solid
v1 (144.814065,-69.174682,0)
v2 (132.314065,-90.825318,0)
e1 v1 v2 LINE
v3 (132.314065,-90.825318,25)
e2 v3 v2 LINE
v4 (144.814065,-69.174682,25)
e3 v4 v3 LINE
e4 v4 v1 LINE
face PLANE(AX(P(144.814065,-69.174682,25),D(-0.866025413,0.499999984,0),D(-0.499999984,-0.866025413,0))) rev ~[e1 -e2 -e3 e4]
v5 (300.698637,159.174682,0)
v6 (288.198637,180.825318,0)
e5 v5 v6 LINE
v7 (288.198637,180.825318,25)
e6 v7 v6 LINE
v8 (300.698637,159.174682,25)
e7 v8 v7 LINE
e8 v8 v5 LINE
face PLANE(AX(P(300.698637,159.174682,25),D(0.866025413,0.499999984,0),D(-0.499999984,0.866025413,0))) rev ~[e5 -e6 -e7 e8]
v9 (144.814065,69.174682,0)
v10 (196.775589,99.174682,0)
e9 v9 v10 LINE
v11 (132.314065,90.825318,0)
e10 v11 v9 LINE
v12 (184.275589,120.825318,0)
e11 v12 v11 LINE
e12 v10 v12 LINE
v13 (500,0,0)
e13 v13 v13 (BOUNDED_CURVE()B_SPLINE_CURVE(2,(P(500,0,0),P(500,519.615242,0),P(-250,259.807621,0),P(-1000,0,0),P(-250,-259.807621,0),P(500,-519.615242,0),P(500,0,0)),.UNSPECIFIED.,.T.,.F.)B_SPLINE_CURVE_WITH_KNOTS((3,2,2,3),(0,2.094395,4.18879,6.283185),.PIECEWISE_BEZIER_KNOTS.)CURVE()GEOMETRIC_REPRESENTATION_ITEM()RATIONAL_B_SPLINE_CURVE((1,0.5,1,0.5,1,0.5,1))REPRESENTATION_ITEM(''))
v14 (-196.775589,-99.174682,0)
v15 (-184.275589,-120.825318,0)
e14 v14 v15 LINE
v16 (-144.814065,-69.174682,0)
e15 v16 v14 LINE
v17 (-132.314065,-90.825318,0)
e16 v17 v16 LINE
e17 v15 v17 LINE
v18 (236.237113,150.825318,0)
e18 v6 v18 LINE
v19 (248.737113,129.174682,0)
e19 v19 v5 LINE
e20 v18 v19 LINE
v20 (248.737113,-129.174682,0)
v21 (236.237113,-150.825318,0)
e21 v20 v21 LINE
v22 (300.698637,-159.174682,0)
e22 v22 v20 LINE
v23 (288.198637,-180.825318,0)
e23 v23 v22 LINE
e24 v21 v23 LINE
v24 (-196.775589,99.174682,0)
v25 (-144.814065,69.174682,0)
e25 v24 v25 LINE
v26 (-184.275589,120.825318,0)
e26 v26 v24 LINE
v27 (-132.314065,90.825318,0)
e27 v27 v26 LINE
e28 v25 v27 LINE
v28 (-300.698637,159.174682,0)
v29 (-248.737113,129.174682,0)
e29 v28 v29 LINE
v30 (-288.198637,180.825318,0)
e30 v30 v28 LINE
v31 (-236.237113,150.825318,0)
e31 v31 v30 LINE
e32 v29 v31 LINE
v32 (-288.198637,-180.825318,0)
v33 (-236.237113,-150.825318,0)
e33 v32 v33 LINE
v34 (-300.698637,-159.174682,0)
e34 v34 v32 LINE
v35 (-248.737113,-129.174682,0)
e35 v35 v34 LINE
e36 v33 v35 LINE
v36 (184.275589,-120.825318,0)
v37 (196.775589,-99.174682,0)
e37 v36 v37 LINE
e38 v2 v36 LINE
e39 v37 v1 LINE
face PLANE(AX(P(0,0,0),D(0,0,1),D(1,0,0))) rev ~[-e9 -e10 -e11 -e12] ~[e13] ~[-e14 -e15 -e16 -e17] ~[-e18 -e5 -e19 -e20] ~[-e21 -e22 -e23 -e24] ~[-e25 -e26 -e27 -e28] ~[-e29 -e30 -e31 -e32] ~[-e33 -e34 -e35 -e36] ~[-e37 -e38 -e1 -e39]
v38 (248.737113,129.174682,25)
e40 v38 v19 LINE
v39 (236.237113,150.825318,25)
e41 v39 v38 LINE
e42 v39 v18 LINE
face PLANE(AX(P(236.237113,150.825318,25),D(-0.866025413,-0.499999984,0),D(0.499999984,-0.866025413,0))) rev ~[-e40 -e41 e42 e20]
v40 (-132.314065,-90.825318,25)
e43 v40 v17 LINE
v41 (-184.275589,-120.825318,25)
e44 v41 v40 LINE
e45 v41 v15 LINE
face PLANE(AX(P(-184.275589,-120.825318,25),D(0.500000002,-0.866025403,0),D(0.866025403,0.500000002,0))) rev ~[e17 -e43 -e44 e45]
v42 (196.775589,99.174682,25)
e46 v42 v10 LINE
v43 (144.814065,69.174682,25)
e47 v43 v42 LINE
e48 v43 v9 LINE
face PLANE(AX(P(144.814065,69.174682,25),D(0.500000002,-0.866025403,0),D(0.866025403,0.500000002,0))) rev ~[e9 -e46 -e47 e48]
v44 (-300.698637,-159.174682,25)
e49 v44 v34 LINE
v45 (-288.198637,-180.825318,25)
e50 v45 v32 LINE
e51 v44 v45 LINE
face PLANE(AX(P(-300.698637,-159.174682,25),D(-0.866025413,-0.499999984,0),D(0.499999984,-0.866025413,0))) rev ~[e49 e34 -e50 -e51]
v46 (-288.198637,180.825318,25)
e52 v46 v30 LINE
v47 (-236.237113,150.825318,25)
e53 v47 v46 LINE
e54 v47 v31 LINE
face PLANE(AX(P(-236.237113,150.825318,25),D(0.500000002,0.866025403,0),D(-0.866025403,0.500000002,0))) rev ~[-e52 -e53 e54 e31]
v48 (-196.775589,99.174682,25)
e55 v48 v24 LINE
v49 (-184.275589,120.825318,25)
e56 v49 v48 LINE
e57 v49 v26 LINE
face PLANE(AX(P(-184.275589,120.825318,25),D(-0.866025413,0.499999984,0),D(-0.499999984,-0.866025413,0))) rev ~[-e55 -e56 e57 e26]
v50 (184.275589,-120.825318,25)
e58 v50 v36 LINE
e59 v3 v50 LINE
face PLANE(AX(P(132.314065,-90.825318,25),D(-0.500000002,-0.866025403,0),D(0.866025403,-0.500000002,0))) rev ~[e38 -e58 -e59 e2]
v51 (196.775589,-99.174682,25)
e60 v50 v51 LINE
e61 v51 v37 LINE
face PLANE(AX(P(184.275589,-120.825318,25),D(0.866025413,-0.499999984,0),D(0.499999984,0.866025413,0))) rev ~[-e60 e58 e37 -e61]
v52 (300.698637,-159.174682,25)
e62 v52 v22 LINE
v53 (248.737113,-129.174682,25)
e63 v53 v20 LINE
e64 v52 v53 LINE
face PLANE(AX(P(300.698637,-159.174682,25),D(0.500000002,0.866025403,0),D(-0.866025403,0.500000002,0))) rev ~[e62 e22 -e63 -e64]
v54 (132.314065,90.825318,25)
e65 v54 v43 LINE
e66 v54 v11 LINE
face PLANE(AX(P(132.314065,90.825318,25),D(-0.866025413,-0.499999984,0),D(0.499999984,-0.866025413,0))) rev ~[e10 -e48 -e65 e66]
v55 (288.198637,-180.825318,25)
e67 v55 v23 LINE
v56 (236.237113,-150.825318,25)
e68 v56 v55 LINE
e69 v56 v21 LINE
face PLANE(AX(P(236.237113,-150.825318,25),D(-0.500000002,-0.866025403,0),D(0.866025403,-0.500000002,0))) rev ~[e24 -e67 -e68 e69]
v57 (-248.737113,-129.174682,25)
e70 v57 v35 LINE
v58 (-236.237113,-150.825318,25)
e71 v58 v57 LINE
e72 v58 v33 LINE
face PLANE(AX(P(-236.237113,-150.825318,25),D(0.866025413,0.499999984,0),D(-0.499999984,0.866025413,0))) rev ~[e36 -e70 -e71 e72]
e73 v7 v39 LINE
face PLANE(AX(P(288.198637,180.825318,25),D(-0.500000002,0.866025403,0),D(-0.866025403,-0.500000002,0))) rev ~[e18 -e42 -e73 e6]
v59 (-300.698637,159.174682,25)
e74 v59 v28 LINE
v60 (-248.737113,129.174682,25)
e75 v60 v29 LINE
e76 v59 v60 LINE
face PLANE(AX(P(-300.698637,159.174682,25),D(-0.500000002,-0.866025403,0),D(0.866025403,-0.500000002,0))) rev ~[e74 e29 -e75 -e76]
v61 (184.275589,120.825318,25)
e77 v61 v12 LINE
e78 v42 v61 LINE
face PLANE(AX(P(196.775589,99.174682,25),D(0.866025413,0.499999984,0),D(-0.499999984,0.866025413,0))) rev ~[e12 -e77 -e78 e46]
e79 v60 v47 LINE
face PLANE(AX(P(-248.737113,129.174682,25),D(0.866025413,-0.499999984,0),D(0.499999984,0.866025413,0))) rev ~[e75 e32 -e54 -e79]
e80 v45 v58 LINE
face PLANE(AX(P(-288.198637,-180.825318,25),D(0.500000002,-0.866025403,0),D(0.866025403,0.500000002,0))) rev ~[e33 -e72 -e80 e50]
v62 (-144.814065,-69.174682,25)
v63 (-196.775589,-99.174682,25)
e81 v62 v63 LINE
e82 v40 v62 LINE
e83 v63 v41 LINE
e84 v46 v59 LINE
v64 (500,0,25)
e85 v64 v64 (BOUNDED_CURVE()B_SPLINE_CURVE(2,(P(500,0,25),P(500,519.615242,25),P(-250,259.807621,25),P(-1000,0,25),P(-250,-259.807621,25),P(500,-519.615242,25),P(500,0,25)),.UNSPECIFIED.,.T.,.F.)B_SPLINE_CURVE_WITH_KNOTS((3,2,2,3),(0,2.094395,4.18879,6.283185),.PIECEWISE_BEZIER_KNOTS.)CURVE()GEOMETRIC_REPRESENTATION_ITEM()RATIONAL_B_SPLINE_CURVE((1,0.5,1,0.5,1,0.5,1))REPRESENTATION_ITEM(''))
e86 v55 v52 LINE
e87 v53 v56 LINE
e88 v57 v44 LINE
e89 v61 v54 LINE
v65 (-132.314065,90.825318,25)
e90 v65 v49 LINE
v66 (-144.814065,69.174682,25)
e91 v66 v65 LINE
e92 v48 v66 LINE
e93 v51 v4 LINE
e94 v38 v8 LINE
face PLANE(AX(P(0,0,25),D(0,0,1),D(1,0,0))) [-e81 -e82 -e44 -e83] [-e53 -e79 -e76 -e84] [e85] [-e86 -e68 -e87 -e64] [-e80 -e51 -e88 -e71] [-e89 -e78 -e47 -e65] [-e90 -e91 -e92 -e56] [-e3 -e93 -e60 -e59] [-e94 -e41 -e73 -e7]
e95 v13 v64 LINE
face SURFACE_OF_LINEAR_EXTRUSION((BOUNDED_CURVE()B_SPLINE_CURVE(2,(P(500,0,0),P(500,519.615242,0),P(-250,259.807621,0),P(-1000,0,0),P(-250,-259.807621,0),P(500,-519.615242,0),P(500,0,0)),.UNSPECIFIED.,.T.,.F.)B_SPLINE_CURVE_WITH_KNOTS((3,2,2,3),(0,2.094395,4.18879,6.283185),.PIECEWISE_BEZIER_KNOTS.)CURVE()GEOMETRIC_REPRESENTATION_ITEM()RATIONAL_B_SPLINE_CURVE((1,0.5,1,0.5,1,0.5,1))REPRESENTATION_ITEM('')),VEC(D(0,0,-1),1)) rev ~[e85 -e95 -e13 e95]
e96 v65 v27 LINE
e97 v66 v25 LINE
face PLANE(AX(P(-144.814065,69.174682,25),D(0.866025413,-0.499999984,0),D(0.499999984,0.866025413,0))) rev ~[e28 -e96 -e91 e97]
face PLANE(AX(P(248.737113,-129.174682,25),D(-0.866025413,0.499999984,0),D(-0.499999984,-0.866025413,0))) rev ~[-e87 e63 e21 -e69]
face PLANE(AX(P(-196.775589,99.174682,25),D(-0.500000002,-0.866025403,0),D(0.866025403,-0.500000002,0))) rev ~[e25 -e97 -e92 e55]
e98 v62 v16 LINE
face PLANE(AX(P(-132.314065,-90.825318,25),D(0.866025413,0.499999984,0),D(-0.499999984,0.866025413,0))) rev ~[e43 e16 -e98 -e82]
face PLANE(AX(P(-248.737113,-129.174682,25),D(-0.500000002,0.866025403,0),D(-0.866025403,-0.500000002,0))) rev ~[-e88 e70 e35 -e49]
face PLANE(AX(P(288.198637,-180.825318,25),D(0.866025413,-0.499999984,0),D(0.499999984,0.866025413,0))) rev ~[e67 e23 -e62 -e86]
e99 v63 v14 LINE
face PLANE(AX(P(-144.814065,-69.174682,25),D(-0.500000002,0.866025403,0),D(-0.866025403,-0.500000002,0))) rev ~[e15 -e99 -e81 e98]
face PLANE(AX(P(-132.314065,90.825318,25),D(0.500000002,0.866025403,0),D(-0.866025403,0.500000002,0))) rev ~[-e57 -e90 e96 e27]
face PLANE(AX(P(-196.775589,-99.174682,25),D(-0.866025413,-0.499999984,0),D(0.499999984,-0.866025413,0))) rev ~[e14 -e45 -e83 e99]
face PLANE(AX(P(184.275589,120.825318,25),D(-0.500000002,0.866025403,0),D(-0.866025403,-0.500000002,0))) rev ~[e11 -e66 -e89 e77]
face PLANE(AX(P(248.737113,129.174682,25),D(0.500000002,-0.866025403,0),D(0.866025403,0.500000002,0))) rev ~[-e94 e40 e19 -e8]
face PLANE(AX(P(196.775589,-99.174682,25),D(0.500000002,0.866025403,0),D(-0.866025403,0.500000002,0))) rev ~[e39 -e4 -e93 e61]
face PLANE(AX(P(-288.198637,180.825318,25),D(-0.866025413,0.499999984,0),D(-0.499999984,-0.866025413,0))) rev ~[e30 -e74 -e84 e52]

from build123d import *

# Parameters (mm, degrees)
F1_DEPTH = 25
F3_DEPTH = 25


with BuildPart() as f1:
    # F0 (on Top) → F1 (new body)
    with BuildSketch(Plane.XY):
        with BuildLine():
            add(Edge.make_bspline(
                [(500, 0), (500, 519.615242), (-250, 259.807621), (-1000, 0), (-250, -259.807621), (500, -519.615242), (500, 0)],
                knots=[0, 0, 0, 2.094395, 2.094395, 4.18879, 4.18879, 6.283185, 6.283185, 6.283185], degree=2, weights=[1, 0.5, 1, 0.5, 1, 0.5, 1]))
        make_face()
    extrude(amount=F1_DEPTH)

    # F2 (on face) → F3 (cut)
    with BuildSketch(Plane.XY.offset(25)):
        Polygon((-236.237113, 150.825318), (-288.198637, 180.825318), (-300.698637, 159.174682), (-248.737113, 129.174682), align=None)
        Polygon((-132.314065, 90.825318), (-184.275589, 120.825318), (-196.775589, 99.174682), (-144.814065, 69.174682), align=None)
        Polygon((-144.814065, -69.174682), (-196.775589, -99.174682), (-184.275589, -120.825318), (-132.314065, -90.825318), align=None)
        Polygon((-248.737113, -129.174682), (-300.698637, -159.174682), (-288.198637, -180.825318), (-236.237113, -150.825318), align=None)
        Polygon((144.814065, -69.174682), (132.314065, -90.825318), (184.275589, -120.825318), (196.775589, -99.174682), align=None)
        Polygon((288.198637, -180.825318), (300.698637, -159.174682), (248.737113, -129.174682), (236.237113, -150.825318), align=None)
        Polygon((288.198637, 180.825318), (236.237113, 150.825318), (248.737113, 129.174682), (300.698637, 159.174682), align=None)
        Polygon((144.814065, 69.174682), (196.775589, 99.174682), (184.275589, 120.825318), (132.314065, 90.825318), align=None)
    extrude(amount=-F3_DEPTH, mode=Mode.SUBTRACT)


solid = f1.part
